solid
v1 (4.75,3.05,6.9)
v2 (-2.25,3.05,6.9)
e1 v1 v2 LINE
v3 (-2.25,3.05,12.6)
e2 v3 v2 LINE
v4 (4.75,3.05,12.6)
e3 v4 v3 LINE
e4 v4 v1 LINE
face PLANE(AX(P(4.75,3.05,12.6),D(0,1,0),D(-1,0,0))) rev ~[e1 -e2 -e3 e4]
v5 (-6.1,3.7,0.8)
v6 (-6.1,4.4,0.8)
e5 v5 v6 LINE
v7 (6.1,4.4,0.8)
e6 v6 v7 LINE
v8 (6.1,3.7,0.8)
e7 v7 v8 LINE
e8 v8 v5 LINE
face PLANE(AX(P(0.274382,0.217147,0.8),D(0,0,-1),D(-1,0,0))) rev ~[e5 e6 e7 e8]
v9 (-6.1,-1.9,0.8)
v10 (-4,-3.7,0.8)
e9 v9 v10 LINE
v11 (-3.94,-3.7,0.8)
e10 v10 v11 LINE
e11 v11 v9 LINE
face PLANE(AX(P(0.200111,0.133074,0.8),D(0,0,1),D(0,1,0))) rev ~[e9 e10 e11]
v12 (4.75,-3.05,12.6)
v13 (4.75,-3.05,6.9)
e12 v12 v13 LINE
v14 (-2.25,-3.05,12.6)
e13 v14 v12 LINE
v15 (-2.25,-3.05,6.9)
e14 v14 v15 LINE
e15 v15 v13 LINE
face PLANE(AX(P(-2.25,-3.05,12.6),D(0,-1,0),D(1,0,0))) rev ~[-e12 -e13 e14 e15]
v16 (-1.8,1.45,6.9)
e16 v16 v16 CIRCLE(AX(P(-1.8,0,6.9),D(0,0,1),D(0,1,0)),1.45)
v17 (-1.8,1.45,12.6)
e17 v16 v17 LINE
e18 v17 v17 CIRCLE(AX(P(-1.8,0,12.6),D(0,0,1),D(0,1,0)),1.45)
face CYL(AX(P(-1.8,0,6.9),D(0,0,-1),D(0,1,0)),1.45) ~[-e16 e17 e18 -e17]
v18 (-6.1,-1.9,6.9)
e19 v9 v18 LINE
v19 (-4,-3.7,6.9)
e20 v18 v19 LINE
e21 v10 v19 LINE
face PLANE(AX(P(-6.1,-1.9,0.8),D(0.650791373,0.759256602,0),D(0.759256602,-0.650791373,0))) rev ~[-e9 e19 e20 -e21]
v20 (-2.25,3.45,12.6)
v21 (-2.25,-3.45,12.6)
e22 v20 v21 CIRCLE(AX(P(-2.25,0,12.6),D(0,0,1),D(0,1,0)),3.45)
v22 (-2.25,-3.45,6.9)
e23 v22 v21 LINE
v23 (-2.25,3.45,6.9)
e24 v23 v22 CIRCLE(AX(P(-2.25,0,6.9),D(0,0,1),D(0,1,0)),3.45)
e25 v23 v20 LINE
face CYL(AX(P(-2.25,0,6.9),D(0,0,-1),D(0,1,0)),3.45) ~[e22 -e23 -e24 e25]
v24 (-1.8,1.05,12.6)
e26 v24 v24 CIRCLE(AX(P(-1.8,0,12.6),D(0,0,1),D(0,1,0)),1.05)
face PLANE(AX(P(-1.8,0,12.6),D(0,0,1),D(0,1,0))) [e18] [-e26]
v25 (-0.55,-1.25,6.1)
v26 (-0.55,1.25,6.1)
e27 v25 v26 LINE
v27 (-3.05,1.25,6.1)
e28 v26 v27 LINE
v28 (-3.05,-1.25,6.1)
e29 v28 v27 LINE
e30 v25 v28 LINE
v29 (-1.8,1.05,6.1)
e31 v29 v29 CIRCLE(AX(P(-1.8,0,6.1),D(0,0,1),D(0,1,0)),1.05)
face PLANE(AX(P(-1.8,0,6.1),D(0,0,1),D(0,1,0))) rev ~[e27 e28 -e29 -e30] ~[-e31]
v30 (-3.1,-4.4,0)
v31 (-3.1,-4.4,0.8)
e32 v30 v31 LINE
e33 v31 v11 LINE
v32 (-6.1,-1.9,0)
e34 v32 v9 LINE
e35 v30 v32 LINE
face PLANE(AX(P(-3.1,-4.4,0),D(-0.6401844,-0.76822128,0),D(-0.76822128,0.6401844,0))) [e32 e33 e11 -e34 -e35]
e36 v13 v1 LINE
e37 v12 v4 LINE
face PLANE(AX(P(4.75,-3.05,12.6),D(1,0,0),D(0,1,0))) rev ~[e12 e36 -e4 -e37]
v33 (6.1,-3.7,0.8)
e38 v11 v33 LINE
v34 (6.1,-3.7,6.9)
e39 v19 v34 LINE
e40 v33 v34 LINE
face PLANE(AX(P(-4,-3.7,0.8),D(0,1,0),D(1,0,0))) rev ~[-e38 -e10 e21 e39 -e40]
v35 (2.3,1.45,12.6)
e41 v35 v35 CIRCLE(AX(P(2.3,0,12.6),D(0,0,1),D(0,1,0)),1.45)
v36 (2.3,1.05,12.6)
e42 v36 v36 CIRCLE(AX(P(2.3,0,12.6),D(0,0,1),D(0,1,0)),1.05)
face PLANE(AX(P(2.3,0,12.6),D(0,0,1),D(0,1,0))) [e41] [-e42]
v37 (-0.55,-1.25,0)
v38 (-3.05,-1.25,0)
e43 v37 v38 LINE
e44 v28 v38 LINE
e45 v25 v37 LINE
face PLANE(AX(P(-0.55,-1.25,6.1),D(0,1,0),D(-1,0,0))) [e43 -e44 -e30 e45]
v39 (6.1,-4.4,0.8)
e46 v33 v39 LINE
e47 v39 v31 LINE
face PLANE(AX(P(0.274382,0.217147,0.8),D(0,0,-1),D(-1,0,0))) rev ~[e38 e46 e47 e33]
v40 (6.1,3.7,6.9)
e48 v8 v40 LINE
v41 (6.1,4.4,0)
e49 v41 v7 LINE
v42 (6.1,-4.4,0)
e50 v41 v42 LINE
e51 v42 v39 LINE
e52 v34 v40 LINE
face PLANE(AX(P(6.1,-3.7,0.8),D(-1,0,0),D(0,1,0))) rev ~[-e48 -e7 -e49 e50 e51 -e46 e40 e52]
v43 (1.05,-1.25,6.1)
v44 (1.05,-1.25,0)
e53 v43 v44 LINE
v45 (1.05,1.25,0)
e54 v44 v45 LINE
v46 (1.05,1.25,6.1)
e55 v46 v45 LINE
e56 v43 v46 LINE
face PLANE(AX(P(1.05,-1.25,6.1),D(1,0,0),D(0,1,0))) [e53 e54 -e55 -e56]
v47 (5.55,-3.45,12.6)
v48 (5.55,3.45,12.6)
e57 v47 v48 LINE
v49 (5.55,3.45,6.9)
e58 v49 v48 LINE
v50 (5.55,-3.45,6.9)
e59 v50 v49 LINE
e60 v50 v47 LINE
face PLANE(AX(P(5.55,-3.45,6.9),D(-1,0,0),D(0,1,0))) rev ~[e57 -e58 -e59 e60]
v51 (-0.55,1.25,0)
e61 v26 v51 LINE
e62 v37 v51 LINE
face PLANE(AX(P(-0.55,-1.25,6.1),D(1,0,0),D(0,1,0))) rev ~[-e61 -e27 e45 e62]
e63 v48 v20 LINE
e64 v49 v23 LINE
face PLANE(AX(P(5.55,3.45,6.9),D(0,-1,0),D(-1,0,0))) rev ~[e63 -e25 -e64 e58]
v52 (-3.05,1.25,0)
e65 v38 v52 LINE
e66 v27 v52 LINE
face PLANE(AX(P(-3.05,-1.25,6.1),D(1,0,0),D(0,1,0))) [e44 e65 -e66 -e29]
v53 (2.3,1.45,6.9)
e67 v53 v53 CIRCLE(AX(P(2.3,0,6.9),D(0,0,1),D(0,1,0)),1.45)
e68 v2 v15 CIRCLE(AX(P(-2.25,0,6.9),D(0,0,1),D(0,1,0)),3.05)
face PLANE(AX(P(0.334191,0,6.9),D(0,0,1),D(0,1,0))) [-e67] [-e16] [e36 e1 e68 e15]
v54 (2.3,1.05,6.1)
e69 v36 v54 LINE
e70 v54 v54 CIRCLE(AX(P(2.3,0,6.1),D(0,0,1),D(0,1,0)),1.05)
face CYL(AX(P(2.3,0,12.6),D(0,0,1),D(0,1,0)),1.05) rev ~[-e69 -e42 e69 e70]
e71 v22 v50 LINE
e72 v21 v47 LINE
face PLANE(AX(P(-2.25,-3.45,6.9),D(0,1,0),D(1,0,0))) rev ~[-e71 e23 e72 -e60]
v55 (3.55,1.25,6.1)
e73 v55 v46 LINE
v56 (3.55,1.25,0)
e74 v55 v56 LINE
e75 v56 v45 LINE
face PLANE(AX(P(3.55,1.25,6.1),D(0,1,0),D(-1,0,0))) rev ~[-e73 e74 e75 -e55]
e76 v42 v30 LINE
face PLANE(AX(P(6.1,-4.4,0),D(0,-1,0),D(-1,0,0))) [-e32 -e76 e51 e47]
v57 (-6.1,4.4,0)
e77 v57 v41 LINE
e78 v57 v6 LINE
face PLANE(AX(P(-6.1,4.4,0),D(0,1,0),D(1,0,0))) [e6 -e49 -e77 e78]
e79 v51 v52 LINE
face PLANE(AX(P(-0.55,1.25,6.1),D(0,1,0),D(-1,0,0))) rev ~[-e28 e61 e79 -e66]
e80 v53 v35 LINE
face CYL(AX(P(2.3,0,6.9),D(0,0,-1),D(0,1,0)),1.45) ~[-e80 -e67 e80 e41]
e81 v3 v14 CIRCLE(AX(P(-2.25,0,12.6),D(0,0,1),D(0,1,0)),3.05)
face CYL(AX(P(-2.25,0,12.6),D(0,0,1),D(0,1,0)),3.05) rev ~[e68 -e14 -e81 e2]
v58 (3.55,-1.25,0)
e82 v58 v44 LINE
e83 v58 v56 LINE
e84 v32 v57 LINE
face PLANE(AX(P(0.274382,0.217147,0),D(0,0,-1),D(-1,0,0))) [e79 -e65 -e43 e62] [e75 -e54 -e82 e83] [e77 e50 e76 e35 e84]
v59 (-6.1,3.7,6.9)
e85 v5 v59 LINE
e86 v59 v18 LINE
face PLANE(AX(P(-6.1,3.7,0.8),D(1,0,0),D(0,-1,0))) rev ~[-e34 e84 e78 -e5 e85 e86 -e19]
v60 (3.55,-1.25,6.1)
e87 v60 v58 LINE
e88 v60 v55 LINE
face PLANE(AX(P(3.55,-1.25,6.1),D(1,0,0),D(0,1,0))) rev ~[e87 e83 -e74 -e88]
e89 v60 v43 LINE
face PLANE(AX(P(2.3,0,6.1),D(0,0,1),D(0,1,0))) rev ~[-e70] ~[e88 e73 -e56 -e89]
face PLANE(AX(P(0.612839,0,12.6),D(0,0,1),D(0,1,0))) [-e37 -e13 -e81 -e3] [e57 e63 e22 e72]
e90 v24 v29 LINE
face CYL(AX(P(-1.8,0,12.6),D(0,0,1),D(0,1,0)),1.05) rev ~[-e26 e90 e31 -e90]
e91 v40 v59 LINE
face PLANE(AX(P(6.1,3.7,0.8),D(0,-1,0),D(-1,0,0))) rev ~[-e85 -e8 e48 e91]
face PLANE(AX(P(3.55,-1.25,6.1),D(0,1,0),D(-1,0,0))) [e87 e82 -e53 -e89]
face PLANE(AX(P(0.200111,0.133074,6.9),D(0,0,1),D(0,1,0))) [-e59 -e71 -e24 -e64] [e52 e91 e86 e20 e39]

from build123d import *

# Parameters (mm, degrees)
PAD_DEPTH           = 0.8
PAD001_DEPTH        = 6.1
PAD002_DEPTH        = 5.7
POCKET_DEPTH        = 5.7
PAD003_PROFILE_R    = 1.45
PAD003_DEPTH        = 5.7
POCKET001_PROFILE_R = 1.05
POCKET001_DEPTH     = 12.6
POCKET002_PROFILE_W = 2.5
POCKET002_PROFILE_H = 2.5
POCKET002_DEPTH     = 6.1


with BuildPart() as part:
    # Sketch → Pad (new body)
    with BuildSketch(Plane.XY):
        Polygon((-6.1, 4.4), (6.1, 4.4), (6.1, -4.4), (-3.1, -4.4), (-6.1, -1.9), align=None)
    extrude(amount=PAD_DEPTH)

    # Pad001_Profile → Pad001 (join)
    with BuildSketch(Plane(origin=(0.115466, 0.066286, 0.8), x_dir=(0, 1, 0), z_dir=(0, 0, 1))):
        Polygon((3.633714, -5.984534), (3.633714, 6.215466), (-1.966286, 6.215466), (-3.766286, 4.115466), (-3.766286, -5.984534), align=None)
    extrude(amount=PAD001_DEPTH)

    # Pad002_Profile → Pad002 (join)
    with BuildSketch(Plane(origin=(0.266979, 0, 6.9), x_dir=(0, 1, 0), z_dir=(0, 0, 1))):
        with BuildLine():
            Line((3.45, -5.283021), (3.45, 2.516979))
            ThreePointArc((3.45, 2.516979), (0, 5.966979), (-3.45, 2.516979))
            Line((-3.45, 2.516979), (-3.45, -5.283021))
            Line((-3.45, -5.283021), (3.45, -5.283021))
        make_face()
    extrude(amount=PAD002_DEPTH)

    # Pocket_Profile → Pocket (cut)
    with BuildSketch(Plane(origin=(0.027606, 0, 12.6), x_dir=(0, 1, 0), z_dir=(0, 0, 1))):
        with BuildLine():
            Line((3.05, -4.722394), (3.05, 2.277606))
            ThreePointArc((3.05, 2.277606), (0, 5.327606), (-3.05, 2.277606))
            Line((-3.05, 2.277606), (-3.05, -4.722394))
            Line((-3.05, -4.722394), (3.05, -4.722394))
        make_face()
    extrude(amount=-POCKET_DEPTH, mode=Mode.SUBTRACT)

    # Pad003_Profile → Pad003 (join)
    with BuildSketch(Plane(origin=(2.3, 0, 6.9), x_dir=(0, 1, 0), z_dir=(0, 0, 1))):
        Circle(PAD003_PROFILE_R)
        with Locations((0, 4.1)):
            Circle(PAD003_PROFILE_R)
    extrude(amount=PAD003_DEPTH)

    # Pocket001_Profile → Pocket001 (cut)
    with BuildSketch(Plane(origin=(-1.8, 0, 12.6), x_dir=(0, 1, 0), z_dir=(0, 0, 1))):
        Circle(POCKET001_PROFILE_R)
        with Locations((0, -4.1)):
            Circle(POCKET001_PROFILE_R)
    extrude(amount=-POCKET001_DEPTH, mode=Mode.SUBTRACT)

    # Pocket002_Profile → Pocket002 (cut)
    with BuildSketch(Plane(origin=(2.3, 0, 6.1), x_dir=(0, 1, 0), z_dir=(0, 0, 1))):
        Rectangle(POCKET002_PROFILE_W, POCKET002_PROFILE_H)
        with Locations((0, 4.1)):
            Rectangle(POCKET002_PROFILE_W, POCKET002_PROFILE_H)
    extrude(amount=-POCKET002_DEPTH, mode=Mode.SUBTRACT)


solid = part.part
